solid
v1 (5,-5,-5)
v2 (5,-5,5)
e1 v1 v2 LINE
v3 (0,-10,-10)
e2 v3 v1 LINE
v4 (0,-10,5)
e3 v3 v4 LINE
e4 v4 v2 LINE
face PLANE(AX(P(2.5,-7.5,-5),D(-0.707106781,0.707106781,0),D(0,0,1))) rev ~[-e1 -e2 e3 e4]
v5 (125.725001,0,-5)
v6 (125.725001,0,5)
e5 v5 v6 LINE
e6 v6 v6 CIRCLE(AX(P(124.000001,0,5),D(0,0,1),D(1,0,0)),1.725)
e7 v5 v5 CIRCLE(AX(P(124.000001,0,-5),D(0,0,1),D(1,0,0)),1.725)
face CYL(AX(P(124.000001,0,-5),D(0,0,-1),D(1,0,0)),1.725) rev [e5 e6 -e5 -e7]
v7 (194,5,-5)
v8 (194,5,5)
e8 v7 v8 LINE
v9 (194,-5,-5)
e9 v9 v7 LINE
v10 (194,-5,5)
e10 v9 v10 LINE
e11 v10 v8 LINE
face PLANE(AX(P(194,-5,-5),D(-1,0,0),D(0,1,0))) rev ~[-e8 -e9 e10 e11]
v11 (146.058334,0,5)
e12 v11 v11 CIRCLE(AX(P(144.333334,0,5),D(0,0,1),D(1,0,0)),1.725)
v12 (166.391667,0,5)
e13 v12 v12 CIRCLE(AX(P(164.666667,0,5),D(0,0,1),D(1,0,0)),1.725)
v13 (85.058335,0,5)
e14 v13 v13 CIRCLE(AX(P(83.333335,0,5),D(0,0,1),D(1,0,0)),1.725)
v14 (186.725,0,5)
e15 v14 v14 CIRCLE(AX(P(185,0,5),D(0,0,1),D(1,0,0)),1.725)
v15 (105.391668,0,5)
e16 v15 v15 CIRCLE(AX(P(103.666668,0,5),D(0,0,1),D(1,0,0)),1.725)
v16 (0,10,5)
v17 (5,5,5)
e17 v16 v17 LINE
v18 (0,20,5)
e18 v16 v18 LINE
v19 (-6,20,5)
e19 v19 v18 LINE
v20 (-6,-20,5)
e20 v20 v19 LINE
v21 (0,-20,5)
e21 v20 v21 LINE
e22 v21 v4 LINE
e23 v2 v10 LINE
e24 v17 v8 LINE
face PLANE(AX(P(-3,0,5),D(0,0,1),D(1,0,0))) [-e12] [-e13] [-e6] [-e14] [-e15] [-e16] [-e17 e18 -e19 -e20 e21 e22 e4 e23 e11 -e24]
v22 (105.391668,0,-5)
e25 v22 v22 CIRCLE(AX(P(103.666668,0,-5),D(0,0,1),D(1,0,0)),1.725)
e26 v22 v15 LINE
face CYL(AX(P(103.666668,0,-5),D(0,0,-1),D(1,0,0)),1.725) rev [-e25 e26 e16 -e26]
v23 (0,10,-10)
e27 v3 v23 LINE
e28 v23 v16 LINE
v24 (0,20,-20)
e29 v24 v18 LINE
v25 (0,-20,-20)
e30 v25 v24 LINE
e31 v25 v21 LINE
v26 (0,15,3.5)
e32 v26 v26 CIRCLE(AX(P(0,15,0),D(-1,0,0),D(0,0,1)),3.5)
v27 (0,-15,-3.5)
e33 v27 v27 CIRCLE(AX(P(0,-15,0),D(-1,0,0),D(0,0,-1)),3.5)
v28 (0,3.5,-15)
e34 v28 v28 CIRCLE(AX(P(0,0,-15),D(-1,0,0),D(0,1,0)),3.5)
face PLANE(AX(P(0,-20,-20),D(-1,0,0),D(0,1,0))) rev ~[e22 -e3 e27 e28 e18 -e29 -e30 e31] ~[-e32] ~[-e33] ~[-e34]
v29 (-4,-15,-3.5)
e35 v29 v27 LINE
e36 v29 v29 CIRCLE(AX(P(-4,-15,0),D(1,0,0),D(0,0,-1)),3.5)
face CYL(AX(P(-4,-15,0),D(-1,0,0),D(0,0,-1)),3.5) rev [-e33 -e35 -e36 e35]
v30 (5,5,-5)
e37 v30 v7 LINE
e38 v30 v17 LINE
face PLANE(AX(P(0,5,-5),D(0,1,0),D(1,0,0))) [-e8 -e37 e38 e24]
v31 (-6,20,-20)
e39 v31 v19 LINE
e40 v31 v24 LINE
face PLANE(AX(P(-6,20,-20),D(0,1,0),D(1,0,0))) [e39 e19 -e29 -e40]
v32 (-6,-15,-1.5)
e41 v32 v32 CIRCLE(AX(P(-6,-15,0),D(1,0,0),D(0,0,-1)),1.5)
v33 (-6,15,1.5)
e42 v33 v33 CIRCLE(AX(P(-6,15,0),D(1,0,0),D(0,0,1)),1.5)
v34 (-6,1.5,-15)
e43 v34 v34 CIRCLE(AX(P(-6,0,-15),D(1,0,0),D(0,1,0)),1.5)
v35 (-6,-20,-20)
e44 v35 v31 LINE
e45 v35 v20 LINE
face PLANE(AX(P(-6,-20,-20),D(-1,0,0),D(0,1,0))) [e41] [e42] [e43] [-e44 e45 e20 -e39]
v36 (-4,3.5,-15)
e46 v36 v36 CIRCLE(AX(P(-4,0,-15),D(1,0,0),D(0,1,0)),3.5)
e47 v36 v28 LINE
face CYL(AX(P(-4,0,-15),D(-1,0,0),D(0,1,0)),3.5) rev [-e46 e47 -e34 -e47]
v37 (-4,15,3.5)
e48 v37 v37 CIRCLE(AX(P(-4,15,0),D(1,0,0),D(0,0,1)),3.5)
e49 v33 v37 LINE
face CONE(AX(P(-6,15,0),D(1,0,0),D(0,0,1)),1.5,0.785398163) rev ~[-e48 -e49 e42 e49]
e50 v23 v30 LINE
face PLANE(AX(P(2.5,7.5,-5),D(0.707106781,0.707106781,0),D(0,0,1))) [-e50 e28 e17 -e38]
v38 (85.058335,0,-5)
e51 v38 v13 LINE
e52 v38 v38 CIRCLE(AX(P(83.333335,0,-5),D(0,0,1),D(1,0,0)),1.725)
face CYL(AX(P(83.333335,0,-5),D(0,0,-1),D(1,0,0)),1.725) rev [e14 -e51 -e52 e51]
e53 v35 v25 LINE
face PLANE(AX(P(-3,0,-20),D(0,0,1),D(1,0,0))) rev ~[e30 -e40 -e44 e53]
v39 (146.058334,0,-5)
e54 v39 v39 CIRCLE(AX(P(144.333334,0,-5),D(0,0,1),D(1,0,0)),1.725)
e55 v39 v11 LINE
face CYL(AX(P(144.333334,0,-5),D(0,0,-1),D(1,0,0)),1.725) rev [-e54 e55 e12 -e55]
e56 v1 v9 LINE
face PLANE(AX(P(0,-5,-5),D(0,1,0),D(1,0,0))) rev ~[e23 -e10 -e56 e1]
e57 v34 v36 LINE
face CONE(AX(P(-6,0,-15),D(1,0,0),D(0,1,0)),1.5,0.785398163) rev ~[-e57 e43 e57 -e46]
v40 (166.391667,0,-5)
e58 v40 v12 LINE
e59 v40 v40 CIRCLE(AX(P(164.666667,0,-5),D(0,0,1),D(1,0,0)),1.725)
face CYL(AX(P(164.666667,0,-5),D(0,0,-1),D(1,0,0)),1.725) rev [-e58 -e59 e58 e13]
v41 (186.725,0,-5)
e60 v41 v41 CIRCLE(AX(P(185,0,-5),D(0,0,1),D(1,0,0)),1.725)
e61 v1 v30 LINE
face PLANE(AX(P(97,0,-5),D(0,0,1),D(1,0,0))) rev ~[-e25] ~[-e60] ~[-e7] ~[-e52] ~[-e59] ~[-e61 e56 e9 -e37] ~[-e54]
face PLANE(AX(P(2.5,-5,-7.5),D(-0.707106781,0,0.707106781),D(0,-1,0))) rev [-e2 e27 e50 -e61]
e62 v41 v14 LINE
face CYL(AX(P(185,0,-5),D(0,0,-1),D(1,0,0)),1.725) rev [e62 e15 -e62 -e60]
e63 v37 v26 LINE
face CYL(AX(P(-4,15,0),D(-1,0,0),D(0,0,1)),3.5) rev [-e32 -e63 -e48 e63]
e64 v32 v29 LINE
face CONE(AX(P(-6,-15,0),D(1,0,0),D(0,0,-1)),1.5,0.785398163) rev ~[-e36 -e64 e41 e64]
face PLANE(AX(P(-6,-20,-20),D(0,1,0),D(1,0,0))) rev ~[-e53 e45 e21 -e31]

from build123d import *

# Parameters (mm, degrees)
CYLINDER002_R         = 3.5
CYLINDER002_DEPTH     = 10
CYLINDER001_R         = 1.5
CYLINDER001_DEPTH     = 10
FUSION001_PITCH_ANGLE = 90
ARRAY001_COUNT        = 4
BOX002_W              = 6
BOX002_H              = 40
BOX002_DEPTH          = 25
CYLINDER_R            = 1.725
CYLINDER_DEPTH        = 10
ARRAY_X_COUNT         = 6
ARRAY_X_PITCH         = 20.333333
BOX_W                 = 194
BOX_H                 = 10
BOX_DEPTH             = 10
CHAMFER_SIZE          = 5


with BuildPart() as cylinder002:
    # Cylinder002 → Cylinder002 (new body)
    with BuildSketch(Plane(origin=(15, -5, 8), x_dir=(1, 0, 0), z_dir=(0, 0, 1))):
        Circle(CYLINDER002_R)
    extrude(amount=CYLINDER002_DEPTH)


with BuildPart() as cone:
    # Cone → Cone (revolve)
    with BuildSketch(Plane(origin=(15, -5, 6), x_dir=(1, 0, 0), z_dir=(0, -1, 0))):
        Polygon((0, 0), (1.5, 0), (3.5, 2), (0, 2), align=None)
    revolve(axis=Axis((15, -5, 6), (0, 0, 1)))


with BuildPart() as array001:
    # Cylinder001 → Cylinder001 (new body)
    with BuildSketch(Plane(origin=(15, -5, 0), x_dir=(1, 0, 0), z_dir=(0, 0, 1))):
        Circle(CYLINDER001_R)
    extrude(amount=CYLINDER001_DEPTH)

    # Fusion001: union Cylinder002, Cone
    add(cylinder002.part)
    add(cone.part)


with BuildPart() as array001_1:
    # Fusion001 pitch: moved
    add(array001.part.rotate(Axis((0, 0, 0), (0, 1, 0)), FUSION001_PITCH_ANGLE))


with BuildPart() as array001_2:
    # Fusion001 placement: moved
    add(array001_1.part.moved(Location((0, -10, 15))))

    # Array001: Array001 ×4 about axis
    array001_axis = Axis((0, 0, 0), (1, 0, 0))


with BuildPart() as array001_3:
    add(array001_2.part)
    for i in range(1, ARRAY001_COUNT):
        add(array001_2.part.rotate(array001_axis, i * 360 / ARRAY001_COUNT))


with BuildPart() as array001_4:
    # Array001 placement: moved
    add(array001_3.part.moved(Location((-6, 0, 0))))


with BuildPart() as cut001:
    # Box002 → Box002 (new body)
    with BuildSketch(Plane(origin=(0, -20, -20), x_dir=(1, 0, 0), z_dir=(0, 0, 1))):
        with Locations((3, 20)):
            Rectangle(BOX002_W, BOX002_H)
    extrude(amount=BOX002_DEPTH)

    # Cut001: cut Array001
    add(array001_4.part, mode=Mode.SUBTRACT)


with BuildPart() as cut001_1:
    # Cut001 placement: moved
    add(cut001.part.moved(Location((-6, 0, 0))))


with BuildPart() as array:
    # Cylinder → Cylinder (new body)
    with BuildSketch(Plane(origin=(185, 5, 0), x_dir=(1, 0, 0), z_dir=(0, 0, 1))):
        Circle(CYLINDER_R)
    extrude(amount=CYLINDER_DEPTH)

    # Array X: Array ×6


with BuildPart() as array_1:
    add(array.part)
    with Locations(*[(-i * ARRAY_X_PITCH, 0, 0) for i in range(1, ARRAY_X_COUNT)]):
        add(array.part)


with BuildPart() as chamfer_body:
    # Box → Box (new body)
    with BuildSketch(Plane.XY):
        with Locations((97, 5)):
            Rectangle(BOX_W, BOX_H)
    extrude(amount=BOX_DEPTH)

    # Cut: cut Array
    add(array_1.part, mode=Mode.SUBTRACT)


with BuildPart() as chamfer_body_1:
    # Cut placement: moved
    add(chamfer_body.part.moved(Location((0, -5, -5))))

    # Fusion: union Cut001
    add(cut001_1.part)

    # Chamfer
    chamfer_edges = [chamfer_body_1.edges().sort_by_distance(p)[0] for p in [
        (0, -5, 0),
        (0, 5, 0),
        (0, 0, -5),
    ]]
    chamfer(chamfer_edges, length=CHAMFER_SIZE)


solid = chamfer_body_1.part
